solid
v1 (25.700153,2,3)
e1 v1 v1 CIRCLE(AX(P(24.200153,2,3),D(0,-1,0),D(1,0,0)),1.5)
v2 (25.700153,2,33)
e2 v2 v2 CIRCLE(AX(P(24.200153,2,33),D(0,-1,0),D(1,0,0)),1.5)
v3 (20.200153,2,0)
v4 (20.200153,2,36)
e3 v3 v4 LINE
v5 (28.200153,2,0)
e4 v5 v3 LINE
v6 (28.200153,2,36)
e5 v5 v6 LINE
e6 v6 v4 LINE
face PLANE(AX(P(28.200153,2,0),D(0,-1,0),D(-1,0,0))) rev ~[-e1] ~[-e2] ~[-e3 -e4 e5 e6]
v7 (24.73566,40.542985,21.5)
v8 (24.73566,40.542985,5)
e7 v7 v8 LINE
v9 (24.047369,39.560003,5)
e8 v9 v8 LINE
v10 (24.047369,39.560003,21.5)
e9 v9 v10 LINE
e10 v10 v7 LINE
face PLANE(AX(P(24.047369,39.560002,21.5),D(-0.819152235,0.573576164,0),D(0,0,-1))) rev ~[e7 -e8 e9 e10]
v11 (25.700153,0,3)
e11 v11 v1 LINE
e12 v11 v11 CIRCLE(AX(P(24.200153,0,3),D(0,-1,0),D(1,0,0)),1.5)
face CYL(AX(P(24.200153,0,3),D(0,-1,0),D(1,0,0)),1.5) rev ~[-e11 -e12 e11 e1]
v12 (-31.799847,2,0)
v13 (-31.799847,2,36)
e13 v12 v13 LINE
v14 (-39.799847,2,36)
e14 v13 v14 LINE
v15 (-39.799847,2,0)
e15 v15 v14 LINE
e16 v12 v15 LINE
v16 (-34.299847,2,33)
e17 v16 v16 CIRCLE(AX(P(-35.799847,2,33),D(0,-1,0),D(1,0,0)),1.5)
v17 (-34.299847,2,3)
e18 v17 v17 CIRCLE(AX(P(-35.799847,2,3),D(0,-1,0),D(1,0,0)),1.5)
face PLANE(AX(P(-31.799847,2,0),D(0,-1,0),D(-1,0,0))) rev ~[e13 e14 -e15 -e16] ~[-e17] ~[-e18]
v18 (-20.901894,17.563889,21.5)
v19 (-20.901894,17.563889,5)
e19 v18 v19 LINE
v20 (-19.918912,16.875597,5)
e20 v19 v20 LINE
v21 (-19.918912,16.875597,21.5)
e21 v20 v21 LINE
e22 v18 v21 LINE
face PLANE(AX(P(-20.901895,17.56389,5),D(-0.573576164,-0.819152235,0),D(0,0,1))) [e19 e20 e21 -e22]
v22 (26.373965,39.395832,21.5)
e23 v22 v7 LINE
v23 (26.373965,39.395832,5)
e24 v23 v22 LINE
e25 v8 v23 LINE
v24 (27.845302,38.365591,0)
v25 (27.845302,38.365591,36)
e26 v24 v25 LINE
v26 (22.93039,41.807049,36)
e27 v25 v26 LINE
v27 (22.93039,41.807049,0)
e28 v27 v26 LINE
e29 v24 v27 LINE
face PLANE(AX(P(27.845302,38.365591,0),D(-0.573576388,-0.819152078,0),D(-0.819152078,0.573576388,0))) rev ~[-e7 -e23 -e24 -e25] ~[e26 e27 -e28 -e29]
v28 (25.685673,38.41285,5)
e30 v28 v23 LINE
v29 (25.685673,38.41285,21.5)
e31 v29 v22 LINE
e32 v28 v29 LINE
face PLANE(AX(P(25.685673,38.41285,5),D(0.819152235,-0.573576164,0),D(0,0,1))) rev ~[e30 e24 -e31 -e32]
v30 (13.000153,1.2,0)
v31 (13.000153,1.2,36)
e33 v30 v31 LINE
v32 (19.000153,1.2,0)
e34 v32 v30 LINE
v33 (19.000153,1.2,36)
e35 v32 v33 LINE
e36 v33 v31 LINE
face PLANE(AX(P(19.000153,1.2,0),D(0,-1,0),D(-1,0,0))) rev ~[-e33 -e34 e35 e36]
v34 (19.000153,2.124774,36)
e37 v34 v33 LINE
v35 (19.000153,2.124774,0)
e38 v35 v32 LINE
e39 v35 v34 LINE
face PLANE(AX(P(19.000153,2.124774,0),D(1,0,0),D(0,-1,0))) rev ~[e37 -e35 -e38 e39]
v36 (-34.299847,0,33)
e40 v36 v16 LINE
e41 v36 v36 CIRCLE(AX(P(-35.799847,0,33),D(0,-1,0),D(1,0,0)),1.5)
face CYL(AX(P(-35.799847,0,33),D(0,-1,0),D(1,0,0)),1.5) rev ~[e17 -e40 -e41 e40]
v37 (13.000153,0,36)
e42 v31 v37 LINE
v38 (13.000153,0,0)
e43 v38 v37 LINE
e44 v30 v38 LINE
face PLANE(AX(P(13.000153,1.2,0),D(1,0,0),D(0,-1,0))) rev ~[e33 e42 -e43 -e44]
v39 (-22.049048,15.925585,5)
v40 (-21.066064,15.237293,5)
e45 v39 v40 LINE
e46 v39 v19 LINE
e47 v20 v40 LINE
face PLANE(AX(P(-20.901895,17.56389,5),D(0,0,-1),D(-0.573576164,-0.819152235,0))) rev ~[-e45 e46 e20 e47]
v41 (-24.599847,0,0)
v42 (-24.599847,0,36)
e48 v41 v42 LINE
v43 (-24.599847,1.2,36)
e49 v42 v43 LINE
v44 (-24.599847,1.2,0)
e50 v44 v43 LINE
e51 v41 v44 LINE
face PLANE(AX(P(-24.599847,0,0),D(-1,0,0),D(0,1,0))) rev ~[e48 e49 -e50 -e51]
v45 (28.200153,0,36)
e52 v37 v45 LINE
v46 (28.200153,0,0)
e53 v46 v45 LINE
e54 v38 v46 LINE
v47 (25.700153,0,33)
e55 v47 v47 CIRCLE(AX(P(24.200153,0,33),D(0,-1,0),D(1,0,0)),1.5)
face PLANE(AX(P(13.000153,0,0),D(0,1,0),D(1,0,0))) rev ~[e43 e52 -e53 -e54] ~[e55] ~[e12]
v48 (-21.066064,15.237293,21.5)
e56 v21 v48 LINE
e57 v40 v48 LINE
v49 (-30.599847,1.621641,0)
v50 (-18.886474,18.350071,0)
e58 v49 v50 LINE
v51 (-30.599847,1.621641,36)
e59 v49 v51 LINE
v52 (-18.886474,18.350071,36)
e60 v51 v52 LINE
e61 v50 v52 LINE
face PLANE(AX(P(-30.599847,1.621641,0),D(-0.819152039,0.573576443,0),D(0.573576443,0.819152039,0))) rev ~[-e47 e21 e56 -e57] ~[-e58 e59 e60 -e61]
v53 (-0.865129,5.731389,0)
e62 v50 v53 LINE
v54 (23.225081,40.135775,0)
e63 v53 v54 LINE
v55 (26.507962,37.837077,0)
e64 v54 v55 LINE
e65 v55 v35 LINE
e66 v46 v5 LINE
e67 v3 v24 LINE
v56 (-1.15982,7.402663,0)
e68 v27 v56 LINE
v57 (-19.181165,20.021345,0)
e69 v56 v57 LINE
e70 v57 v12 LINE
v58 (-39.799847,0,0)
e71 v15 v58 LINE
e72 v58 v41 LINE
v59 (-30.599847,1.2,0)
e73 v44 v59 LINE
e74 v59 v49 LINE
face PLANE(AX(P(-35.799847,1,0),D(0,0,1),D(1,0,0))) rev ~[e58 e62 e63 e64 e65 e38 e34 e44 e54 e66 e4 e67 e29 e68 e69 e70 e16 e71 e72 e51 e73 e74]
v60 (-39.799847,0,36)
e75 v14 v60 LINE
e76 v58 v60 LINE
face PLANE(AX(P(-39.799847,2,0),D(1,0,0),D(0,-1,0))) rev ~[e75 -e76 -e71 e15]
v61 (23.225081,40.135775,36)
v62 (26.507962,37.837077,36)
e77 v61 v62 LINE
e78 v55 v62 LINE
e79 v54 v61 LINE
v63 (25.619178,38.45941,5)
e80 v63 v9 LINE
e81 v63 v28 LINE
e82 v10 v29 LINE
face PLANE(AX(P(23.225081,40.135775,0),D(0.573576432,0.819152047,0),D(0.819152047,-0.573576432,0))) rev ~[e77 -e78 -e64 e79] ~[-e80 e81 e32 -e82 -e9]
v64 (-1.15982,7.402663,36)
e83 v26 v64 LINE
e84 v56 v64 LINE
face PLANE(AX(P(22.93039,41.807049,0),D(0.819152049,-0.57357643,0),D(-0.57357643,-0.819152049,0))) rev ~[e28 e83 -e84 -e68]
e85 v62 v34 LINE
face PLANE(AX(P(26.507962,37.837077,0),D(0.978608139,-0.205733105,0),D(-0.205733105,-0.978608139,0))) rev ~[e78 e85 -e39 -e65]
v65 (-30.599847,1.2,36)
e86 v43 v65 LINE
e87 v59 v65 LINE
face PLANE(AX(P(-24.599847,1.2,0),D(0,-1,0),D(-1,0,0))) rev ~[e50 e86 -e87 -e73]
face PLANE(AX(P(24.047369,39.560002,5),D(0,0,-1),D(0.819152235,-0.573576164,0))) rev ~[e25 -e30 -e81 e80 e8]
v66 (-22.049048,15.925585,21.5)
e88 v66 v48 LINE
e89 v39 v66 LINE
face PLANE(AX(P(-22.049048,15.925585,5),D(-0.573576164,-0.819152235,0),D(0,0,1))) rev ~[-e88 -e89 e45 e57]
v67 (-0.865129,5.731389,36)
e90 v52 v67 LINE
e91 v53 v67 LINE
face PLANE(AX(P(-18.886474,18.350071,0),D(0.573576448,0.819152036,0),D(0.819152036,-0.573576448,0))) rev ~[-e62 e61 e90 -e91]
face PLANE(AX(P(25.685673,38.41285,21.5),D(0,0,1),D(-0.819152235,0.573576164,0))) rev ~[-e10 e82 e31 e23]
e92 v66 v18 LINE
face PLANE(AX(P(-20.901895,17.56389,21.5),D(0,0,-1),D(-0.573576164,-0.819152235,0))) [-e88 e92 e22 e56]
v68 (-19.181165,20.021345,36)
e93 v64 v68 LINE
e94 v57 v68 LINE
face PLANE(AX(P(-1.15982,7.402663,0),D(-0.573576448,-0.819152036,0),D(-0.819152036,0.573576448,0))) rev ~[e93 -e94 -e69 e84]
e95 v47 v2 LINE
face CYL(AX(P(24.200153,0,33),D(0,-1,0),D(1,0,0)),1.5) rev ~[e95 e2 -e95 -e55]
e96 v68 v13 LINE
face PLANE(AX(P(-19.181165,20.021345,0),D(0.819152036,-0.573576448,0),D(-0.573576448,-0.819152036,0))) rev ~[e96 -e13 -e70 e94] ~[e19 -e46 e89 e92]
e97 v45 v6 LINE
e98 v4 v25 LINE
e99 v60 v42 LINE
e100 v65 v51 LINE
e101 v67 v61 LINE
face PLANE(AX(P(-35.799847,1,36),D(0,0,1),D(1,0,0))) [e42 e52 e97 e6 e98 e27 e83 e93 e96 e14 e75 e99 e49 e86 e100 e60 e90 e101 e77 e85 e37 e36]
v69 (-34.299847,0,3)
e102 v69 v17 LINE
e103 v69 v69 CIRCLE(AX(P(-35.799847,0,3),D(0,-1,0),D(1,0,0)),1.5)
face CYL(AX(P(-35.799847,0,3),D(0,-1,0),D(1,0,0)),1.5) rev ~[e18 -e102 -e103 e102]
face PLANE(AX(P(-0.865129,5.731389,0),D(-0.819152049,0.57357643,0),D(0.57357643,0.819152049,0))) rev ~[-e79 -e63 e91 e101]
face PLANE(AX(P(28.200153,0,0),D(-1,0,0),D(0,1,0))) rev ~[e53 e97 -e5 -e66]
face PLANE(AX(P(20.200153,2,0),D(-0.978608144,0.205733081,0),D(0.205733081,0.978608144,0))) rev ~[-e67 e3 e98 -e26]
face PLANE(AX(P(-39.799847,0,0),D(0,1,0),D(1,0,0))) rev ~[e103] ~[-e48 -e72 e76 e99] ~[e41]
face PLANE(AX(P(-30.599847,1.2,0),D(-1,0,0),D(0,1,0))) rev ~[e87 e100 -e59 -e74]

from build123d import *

# Parameters (mm, degrees)
F0_W     = 4
F0_H     = 2
F1_DEPTH = 36
F0_W_2   = 37.6
F0_H_2   = 1.2
F2_DEPTH = 36
F3_R     = 1.5
F4_DEPTH = 3
F5_W     = 2
F5_H     = 16.5
F6_DEPTH = 2
F8_DEPTH = 25


with BuildPart() as f1:
    # F0 (on Top) → F1 (new body)
    with BuildSketch(Plane.XY):
        Polygon((-39.799847, 0), (-35.799847, 0), (-31.799847, 0), (-31.799847, 2), (-39.799847, 2), align=None)
        with Locations((22.200153, 1)):
            Rectangle(F0_W, F0_H)
        with Locations((26.200153, 1)):
            Rectangle(F0_W, F0_H)
        Polygon((-31.799847, 2), (-31.799847, 0), (-24.599847, 0), (-24.599847, 1.2), (-30.599847, 1.2), (-30.599847, 1.621641), (-18.886474, 18.350071), (-0.865129, 5.731389), (23.225081, 40.135775), (26.507962, 37.837077), (19.000153, 2.124774), (19.000153, 1.2), (13.000153, 1.2), (13.000153, 0), (20.200153, 0), (20.200153, 2), (27.845302, 38.365591), (22.93039, 41.807049), (-1.15982, 7.402663), (-19.181165, 20.021345), align=None)
    extrude(amount=F1_DEPTH)

    # F0 (on Top) → F2 (cut)
    with BuildSketch(Plane.XY):
        with Locations((-5.799847, 0.6)):
            Rectangle(F0_W_2, F0_H_2)
    extrude(amount=-F2_DEPTH, mode=Mode.SUBTRACT)

    # F3 (on face) → F4 (cut)
    with BuildSketch(Plane.XZ):
        with Locations((-35.799847, 33)):
            Circle(F3_R)
        with Locations((24.200153, 33)):
            Circle(F3_R)
        with Locations((24.200153, 3)):
            Circle(F3_R)
        with Locations((-35.799847, 3)):
            Circle(F3_R)
    extrude(amount=-F4_DEPTH, mode=Mode.SUBTRACT)

    # F5 (on face) → F6 (cut)
    with BuildSketch(Plane(origin=(-22.27771, 15.599021, 0), x_dir=(-0.573576, -0.819152, 0), z_dir=(-0.819152, 0.573576, 0))):
        with Locations((-1.398661, 13.25)):
            Rectangle(F5_W, F5_H)
    extrude(amount=-F6_DEPTH, mode=Mode.SUBTRACT)

    # F7 (on face) → F8 (cut)
    with BuildSketch(Plane(origin=(26.498464, 37.843728, 0), x_dir=(0.819152, -0.573576, 0), z_dir=(-0.573576, -0.819152, 0))):
        Polygon((-2.992234, 5), (-1.992234, 5), (-0.992234, 5), (-0.992234, 21.5), (-2.992234, 21.5), align=None)
    extrude(amount=-F8_DEPTH, mode=Mode.SUBTRACT)


solid = f1.part
